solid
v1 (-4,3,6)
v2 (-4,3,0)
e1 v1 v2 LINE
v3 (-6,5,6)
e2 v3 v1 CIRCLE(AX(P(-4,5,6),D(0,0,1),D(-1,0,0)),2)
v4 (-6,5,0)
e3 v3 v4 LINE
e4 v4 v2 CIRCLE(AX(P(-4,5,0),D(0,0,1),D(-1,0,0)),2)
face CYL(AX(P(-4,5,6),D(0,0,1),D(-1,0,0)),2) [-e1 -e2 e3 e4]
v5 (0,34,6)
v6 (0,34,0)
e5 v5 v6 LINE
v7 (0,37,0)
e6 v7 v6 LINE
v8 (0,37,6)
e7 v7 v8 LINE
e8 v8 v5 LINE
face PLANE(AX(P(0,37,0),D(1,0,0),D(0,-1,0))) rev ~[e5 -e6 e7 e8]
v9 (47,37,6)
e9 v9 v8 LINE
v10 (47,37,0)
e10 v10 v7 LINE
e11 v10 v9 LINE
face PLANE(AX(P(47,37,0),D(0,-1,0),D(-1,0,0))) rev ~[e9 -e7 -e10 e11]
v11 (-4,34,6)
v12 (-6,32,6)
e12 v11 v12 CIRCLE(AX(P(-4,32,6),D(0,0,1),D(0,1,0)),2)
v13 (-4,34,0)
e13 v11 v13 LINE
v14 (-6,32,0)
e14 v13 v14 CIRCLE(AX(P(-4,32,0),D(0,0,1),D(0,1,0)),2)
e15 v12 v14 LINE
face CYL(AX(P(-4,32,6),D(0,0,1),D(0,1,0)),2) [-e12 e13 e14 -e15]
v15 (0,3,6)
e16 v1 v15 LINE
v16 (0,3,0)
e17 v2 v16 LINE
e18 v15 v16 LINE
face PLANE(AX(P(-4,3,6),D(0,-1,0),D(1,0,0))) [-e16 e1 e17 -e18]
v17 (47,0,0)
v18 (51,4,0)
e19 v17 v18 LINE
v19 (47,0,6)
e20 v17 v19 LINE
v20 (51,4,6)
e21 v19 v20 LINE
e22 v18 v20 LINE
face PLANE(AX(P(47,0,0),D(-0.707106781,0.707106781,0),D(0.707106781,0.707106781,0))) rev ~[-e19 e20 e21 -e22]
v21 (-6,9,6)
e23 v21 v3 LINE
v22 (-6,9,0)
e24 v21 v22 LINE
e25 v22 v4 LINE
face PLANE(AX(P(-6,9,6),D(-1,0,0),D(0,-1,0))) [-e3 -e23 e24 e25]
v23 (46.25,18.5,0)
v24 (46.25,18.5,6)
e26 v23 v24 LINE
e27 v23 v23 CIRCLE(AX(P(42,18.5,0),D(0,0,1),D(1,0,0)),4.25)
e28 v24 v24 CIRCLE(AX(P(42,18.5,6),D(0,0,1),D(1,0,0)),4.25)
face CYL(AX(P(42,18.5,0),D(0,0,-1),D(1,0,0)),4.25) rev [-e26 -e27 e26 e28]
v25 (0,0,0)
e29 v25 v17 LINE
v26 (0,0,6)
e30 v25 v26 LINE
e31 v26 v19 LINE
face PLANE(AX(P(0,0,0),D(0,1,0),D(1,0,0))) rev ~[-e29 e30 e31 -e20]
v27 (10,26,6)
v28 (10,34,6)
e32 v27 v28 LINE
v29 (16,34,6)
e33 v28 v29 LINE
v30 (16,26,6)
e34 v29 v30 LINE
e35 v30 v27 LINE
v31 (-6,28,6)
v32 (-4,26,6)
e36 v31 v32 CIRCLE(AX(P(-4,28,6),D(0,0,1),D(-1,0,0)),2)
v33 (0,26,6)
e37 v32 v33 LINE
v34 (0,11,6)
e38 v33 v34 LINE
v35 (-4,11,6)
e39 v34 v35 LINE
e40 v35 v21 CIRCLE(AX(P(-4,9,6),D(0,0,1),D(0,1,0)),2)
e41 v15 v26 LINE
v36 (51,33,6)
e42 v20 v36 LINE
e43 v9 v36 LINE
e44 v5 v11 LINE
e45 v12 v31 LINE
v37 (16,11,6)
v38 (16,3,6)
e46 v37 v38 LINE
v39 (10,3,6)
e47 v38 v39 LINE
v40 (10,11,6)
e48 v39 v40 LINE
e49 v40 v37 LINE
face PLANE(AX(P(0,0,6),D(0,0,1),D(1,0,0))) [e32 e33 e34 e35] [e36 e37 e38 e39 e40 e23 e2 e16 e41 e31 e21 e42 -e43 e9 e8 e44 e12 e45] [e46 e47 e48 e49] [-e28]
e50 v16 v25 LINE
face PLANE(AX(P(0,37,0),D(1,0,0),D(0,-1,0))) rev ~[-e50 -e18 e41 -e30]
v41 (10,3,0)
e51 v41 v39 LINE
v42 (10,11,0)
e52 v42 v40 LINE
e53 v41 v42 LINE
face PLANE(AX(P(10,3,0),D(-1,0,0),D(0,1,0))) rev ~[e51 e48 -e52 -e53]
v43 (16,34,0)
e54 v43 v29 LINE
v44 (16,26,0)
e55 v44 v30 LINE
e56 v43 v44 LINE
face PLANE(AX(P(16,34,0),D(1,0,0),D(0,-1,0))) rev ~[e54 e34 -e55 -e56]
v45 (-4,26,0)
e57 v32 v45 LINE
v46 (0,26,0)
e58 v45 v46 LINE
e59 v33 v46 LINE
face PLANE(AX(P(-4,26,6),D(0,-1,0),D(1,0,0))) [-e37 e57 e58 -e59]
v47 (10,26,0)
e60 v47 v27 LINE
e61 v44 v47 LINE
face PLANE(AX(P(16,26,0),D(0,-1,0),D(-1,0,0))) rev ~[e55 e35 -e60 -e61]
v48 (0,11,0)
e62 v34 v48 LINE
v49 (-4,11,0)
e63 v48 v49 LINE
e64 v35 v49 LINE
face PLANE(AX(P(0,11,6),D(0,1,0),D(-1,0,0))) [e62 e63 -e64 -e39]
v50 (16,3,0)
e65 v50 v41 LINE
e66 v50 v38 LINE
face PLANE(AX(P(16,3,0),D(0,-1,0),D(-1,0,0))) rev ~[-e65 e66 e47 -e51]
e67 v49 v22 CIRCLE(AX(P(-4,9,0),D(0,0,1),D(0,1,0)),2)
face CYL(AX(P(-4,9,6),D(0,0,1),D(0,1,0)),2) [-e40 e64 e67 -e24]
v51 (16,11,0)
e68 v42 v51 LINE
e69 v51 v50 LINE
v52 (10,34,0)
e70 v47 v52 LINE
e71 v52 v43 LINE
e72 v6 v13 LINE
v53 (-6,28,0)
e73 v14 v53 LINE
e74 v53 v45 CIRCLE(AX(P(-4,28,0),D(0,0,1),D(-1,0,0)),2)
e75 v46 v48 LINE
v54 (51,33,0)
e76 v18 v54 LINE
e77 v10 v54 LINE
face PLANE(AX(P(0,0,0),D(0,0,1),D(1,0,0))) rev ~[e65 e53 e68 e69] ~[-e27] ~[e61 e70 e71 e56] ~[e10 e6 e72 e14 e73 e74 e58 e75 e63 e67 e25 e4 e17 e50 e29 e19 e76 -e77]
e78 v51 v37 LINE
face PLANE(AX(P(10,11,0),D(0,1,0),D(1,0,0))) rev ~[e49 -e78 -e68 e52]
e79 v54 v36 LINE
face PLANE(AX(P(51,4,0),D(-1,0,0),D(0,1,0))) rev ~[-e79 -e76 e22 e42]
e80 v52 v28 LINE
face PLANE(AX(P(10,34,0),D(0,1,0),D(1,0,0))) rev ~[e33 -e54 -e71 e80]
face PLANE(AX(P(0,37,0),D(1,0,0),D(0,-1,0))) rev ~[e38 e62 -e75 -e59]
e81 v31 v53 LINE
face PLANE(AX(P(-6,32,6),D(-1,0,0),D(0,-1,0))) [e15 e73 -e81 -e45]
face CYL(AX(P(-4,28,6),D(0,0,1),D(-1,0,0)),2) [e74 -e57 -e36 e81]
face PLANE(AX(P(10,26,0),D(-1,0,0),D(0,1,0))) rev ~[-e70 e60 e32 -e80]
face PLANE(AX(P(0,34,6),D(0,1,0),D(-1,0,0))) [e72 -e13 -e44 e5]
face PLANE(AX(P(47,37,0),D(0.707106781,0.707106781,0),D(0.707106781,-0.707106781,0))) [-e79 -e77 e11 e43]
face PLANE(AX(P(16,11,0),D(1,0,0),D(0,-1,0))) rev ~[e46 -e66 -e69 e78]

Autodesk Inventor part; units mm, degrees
ref_plane "YZ Plane" through (0, 0, 0) normal (1, 0, 0) x (0, 1, 0)
ref_plane "XZ Plane" through (0, 0, 0) normal (0, 1, 0) x (-1, 0, 0)
ref_plane "XY Plane" through (0, 0, 0) normal (0, 0, 1) x (1, 0, 0)
sketch "Sketch1" plane through (0, 0, 0) normal (0, 0, 1) x (1, 0, 0)
  line L0 (0, 0) -> (47, 0)
  line L1 (51, 4) -> (51, 33)
  line L2 (47, 37) -> (0, 37)
  line L3 (0, 37) -> (0, 0)
  circle A0 centre (42, 18.5) radius 4.25
  line L4 (47, 37) -> (51, 33)
  line L5 (47, 0) -> (51, 4)
  line L6 (10, 34) -> (16, 34)
  line L7 (16, 34) -> (16, 26)
  line L8 (16, 26) -> (10, 26)
  line L9 (10, 26) -> (10, 34)
  line L10 (10, 11) -> (16, 11)
  line L11 (16, 11) -> (16, 3)
  line L12 (16, 3) -> (10, 3)
  line L13 (10, 3) -> (10, 11)
  line L14 (10, 26) -> (16, 11) construction
  line L15 (10, 11) -> (16, 26) construction
  circle A1 centre (42, 18.5) radius 16 construction
  line L16 (24, 37) -> (24, 0) construction
  point P0 (51, 37)
  point P1 (51, 0)
  point P2 (0, 18.5)
  point P3 (13, 18.5)
  dimension "d0" = 4
  dimension "d1" = 4
  dimension "d2" = 4
  dimension "d3" = 4
  dimension "d4" = 8.5
  dimension "d5" = 37
  dimension "d6" = 6
  dimension "d7" = 8
  dimension "d8" = 8
  dimension "d9" = 15
  dimension "d10" = 10
  dimension "d11" = 32
  dimension "d12" = 9
  dimension "d13" = 26
  dimension "d14" = 24
extrude "Extrusion1" add sketch "Sketch1" along normal blind 6
sketch "Sketch2" plane through (0, 0, 6) normal (0, 0, 1) x (1, 0, 0)
  line L0 (16, 26) -> (10, 26) projected
  line L1 (0, 37) -> (0, 0) projected
  line L2 (0, 34) -> (-4, 34)
  line L3 (-6, 32) -> (-6, 28)
  line L4 (-4, 26) -> (0, 26)
  line L5 (0, 26) -> (0, 34)
  line L6 (0, 11) -> (-4, 11)
  line L7 (-6, 9) -> (-6, 5)
  line L8 (-4, 3) -> (0, 3)
  line L9 (0, 3) -> (0, 11)
  arc A0 (-4, 34) -> (-6, 32) centre (-4, 32) ccw
  arc A1 (-6, 28) -> (-4, 26) centre (-4, 28) ccw
  arc A2 (-4, 11) -> (-6, 9) centre (-4, 9) ccw
  arc A3 (-6, 5) -> (-4, 3) centre (-4, 5) ccw
  dimension "d17" = 2
  dimension "d18" = 6
  dimension "d19" = 8
  dimension "d20" = 8
  dimension "d21" = 15
extrude "Extrusion2" add sketch "Sketch2" against normal blind 6
equation "\"d1\" = d0"
equation "\"d2\" = d0"
equation "\"d3\" = d2"
properties part number "y_carriage_belt_iddler"
